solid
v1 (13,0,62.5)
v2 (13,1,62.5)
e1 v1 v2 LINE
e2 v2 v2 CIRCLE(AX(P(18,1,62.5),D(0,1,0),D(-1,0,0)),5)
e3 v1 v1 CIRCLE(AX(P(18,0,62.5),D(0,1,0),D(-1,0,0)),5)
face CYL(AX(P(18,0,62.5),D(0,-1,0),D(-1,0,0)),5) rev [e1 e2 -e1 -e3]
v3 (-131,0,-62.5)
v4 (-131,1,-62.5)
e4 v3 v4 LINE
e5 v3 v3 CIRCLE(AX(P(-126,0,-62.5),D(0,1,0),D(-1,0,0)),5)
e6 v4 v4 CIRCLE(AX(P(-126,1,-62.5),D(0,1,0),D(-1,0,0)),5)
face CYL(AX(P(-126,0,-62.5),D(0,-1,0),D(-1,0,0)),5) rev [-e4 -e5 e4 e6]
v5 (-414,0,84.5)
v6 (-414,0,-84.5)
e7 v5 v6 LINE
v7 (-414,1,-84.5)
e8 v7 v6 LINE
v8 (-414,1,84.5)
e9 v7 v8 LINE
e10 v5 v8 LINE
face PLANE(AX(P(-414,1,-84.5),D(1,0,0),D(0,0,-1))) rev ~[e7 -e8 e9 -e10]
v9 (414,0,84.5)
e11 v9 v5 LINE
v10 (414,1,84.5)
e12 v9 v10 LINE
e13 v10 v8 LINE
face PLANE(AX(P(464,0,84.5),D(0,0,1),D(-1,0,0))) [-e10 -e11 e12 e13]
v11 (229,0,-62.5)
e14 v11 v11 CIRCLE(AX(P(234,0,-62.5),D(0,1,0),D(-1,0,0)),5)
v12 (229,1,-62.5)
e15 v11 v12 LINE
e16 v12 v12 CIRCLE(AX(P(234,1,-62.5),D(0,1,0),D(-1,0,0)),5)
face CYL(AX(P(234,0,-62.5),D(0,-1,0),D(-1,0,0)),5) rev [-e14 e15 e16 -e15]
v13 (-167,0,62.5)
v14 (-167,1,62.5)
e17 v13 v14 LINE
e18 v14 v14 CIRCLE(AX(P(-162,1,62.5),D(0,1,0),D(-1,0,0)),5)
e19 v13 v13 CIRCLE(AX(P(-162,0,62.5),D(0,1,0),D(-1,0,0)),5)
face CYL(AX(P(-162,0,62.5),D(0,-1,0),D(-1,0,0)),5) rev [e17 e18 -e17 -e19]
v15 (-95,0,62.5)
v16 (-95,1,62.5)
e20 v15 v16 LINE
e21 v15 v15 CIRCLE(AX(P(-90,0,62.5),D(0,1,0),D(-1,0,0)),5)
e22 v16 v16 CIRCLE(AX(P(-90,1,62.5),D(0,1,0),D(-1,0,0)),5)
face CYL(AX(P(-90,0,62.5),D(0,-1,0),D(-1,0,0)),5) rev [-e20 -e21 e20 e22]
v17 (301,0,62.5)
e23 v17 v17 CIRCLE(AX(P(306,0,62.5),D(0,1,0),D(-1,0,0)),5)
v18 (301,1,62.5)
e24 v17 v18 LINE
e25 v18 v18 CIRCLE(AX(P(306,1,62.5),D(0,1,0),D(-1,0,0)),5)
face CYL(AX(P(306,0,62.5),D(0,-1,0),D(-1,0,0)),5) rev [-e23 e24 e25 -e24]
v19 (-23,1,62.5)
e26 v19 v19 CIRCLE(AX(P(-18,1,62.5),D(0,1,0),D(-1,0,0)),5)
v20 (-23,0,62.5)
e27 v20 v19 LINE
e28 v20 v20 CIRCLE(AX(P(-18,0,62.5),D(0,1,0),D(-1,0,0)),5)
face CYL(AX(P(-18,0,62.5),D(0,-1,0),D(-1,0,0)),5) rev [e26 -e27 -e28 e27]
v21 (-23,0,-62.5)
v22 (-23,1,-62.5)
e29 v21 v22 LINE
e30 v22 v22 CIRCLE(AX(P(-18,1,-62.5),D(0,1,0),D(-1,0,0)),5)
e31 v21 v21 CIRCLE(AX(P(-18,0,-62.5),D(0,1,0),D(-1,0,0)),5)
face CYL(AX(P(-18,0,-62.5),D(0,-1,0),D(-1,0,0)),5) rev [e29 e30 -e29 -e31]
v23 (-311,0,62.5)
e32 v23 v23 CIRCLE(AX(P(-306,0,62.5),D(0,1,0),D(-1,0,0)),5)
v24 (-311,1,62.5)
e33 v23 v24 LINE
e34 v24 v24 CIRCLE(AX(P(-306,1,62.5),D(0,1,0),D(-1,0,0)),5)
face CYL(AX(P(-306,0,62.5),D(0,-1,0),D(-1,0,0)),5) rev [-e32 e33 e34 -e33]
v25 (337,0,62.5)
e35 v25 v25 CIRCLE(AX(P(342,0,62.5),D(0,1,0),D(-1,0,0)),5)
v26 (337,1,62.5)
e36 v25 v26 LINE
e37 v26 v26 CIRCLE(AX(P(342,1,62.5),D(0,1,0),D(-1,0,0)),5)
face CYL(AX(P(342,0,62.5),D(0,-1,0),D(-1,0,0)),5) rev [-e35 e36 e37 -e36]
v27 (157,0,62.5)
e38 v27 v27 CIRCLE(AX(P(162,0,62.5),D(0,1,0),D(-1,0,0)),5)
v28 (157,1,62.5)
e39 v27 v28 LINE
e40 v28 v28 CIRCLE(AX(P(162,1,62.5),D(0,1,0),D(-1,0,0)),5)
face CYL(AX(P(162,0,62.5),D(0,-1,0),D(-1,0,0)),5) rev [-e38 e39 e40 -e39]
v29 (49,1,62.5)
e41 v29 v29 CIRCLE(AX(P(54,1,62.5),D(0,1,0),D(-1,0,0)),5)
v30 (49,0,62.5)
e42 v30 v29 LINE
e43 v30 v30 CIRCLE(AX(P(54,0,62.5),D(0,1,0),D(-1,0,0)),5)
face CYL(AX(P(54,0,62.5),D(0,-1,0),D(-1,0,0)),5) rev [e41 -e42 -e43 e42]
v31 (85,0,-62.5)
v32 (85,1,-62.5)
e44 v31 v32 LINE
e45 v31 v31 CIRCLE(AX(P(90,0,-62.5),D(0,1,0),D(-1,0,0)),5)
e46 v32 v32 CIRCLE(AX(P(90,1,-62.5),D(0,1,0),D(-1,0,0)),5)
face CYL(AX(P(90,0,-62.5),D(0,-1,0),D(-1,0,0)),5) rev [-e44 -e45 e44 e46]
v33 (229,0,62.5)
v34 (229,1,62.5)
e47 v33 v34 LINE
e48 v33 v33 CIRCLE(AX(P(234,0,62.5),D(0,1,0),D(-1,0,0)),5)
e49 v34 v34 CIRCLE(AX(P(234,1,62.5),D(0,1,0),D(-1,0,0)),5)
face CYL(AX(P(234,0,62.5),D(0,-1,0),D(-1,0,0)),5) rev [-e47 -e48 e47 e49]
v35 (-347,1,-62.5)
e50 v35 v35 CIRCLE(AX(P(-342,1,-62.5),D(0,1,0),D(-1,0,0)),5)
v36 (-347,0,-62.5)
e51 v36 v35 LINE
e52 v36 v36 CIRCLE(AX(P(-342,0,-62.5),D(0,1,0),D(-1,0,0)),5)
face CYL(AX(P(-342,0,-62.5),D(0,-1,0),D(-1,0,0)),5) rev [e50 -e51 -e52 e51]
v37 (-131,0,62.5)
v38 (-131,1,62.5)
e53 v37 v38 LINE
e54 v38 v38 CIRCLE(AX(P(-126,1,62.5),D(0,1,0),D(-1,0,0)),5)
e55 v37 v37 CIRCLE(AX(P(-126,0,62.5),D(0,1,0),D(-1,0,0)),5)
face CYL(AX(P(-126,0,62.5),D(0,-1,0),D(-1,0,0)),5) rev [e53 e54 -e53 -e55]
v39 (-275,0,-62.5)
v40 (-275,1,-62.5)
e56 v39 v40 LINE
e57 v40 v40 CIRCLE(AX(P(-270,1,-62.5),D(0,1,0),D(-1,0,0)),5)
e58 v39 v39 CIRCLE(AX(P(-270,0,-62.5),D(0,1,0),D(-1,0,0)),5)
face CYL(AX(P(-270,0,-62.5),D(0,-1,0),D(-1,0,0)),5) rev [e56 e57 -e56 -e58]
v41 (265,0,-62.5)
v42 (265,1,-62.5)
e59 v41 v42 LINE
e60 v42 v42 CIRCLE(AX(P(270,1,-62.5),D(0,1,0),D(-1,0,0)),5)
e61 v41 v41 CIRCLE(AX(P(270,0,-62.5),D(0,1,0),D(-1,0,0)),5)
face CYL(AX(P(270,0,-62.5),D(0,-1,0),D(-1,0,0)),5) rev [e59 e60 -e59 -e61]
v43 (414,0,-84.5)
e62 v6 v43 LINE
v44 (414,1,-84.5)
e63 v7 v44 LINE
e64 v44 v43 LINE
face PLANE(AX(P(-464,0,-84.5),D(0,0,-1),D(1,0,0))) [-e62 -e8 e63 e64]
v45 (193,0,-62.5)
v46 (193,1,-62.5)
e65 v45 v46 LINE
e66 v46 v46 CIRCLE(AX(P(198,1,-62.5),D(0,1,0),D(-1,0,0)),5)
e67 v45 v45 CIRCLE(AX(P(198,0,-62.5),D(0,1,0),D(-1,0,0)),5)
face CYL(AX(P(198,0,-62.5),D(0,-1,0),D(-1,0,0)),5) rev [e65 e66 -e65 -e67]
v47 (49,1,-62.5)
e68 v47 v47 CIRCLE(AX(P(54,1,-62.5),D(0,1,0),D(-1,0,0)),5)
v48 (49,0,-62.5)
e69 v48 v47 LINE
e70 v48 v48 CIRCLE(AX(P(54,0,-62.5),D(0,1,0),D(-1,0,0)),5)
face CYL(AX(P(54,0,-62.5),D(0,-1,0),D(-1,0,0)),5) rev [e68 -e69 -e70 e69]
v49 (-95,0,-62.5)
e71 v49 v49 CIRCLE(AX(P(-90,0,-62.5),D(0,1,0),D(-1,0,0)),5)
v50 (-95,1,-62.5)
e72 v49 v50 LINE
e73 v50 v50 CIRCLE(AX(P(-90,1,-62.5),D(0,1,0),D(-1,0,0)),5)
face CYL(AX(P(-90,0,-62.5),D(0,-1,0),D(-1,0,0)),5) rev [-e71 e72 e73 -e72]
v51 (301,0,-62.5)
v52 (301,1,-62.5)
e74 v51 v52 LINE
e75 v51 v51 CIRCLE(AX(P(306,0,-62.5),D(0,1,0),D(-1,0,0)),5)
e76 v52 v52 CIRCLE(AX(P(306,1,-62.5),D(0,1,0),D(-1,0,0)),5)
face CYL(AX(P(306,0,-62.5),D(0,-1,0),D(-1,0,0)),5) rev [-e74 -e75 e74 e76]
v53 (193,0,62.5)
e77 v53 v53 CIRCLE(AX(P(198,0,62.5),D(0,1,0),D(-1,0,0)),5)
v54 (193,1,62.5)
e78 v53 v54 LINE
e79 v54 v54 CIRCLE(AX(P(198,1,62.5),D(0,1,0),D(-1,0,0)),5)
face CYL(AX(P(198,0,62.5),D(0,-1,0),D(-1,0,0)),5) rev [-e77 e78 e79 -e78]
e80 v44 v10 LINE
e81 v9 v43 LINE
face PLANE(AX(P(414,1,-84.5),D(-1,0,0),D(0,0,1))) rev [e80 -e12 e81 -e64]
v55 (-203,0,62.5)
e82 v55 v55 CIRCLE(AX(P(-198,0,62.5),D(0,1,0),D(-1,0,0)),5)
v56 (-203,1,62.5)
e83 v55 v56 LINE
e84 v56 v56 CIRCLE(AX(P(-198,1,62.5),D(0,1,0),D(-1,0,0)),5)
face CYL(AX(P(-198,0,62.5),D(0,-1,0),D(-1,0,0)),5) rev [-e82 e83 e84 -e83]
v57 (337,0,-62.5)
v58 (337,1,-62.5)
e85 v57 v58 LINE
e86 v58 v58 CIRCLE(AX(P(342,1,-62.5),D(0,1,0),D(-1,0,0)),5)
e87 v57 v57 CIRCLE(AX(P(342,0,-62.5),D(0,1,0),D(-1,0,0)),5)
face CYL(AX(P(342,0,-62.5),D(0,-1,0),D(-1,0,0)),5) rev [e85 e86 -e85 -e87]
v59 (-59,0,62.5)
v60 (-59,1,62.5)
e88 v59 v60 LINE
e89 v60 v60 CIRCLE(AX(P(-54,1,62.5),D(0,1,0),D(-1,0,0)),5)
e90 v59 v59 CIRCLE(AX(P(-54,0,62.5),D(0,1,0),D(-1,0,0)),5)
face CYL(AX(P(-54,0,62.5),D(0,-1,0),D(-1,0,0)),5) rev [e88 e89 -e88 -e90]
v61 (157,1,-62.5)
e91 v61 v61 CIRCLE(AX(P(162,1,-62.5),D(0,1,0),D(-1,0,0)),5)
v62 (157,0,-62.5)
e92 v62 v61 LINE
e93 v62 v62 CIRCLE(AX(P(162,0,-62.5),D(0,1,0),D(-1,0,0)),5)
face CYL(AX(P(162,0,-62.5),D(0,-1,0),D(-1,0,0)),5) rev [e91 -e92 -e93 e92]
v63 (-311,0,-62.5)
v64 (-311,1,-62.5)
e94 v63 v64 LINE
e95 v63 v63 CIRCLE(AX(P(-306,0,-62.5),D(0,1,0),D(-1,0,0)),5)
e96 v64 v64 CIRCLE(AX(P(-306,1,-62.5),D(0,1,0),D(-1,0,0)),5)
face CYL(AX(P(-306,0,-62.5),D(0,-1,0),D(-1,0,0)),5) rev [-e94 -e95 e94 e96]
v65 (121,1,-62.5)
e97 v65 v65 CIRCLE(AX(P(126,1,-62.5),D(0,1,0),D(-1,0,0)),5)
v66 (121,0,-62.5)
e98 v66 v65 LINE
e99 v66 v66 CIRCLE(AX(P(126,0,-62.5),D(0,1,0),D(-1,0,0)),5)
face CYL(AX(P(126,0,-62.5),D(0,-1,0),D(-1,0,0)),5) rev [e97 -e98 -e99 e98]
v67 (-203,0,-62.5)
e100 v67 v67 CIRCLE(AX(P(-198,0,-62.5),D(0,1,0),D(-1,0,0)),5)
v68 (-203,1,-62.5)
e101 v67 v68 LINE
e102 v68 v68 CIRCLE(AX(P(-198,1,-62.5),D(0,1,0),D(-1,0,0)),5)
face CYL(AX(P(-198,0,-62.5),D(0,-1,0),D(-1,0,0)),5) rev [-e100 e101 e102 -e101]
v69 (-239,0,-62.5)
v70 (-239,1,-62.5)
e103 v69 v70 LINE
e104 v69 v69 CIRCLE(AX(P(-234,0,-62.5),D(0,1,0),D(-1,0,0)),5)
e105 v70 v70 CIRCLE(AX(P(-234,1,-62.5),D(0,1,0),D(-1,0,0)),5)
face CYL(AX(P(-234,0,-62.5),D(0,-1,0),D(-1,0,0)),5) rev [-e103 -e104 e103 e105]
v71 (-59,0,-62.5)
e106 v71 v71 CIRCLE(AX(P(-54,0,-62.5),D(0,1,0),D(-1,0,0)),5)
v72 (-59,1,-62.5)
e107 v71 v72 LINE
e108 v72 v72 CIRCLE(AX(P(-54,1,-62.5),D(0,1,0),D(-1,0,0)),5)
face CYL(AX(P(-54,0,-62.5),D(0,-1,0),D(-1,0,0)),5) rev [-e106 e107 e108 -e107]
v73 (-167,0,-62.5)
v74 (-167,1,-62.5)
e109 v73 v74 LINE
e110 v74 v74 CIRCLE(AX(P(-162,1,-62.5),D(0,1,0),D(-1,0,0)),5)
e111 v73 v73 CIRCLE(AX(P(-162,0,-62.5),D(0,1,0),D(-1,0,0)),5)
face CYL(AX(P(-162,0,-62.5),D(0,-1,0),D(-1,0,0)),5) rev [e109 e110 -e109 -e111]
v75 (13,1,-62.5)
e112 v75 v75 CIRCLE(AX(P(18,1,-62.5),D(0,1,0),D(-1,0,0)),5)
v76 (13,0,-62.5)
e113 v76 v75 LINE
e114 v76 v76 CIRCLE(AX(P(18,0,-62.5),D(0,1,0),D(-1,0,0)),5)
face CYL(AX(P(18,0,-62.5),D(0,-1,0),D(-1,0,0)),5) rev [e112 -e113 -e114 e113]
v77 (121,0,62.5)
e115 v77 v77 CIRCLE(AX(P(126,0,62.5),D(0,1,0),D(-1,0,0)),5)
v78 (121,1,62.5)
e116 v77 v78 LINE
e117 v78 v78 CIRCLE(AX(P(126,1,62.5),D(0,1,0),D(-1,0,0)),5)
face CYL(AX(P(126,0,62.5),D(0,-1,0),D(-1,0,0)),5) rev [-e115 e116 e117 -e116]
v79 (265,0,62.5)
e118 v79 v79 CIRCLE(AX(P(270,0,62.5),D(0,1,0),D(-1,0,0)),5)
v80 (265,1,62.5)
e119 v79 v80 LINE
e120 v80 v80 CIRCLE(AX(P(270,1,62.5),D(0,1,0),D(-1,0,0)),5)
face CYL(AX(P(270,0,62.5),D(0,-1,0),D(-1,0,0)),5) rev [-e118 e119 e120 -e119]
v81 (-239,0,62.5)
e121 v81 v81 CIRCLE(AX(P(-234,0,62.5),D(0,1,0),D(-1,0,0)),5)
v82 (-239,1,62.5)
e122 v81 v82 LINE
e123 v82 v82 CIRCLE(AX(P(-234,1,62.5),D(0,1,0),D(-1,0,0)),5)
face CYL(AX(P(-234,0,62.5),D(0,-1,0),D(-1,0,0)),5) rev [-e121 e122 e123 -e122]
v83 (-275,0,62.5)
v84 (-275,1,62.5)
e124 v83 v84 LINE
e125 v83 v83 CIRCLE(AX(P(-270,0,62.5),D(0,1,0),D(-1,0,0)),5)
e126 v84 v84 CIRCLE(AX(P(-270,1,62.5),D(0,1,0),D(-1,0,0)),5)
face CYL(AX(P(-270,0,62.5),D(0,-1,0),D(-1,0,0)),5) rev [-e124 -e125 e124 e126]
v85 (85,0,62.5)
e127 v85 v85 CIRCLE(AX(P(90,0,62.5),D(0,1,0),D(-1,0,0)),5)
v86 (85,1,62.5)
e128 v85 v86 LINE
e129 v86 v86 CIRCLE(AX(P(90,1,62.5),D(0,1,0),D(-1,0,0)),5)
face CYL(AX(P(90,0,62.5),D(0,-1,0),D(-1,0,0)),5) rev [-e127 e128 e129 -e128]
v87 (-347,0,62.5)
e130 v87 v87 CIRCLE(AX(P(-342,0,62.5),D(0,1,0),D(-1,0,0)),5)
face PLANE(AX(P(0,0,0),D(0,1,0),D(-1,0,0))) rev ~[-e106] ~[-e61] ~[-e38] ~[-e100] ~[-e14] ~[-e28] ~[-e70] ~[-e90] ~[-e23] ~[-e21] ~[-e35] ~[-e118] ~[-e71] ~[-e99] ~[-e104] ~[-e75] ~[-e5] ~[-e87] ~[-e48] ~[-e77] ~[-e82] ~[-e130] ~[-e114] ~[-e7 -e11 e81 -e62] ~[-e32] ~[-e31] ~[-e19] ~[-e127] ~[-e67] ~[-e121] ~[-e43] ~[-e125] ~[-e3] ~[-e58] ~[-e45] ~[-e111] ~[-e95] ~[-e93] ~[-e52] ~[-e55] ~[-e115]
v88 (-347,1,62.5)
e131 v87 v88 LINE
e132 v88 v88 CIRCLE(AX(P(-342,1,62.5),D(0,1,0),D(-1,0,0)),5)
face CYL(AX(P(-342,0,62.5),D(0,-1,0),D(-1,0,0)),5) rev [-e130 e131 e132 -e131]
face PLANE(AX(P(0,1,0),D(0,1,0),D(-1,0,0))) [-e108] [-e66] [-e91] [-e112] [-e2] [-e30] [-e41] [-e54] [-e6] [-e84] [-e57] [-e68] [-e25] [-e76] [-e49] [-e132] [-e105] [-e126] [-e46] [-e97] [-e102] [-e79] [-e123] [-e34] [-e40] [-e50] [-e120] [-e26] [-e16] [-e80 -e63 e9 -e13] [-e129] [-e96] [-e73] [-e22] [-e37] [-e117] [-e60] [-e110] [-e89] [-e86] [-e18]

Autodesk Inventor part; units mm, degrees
ref_plane "YZ Plane" through (0, 0, 0) normal (1, 0, 0) x (0, 1, 0)
ref_plane "XZ Plane" through (0, 0, 0) normal (0, 1, 0) x (-1, 0, 0)
ref_plane "XY Plane" through (0, 0, 0) normal (0, 0, 1) x (1, 0, 0)
sketch "Skin Scheme" plane through (0, 0, 0) normal (0, 1, 0) x (-1, 0, 0)
  line L0 (464, -84.5) -> (-464, -84.5)
  line L1 (-464, -84.5) -> (-464, 84.5)
  line L2 (-464, 84.5) -> (464, 84.5)
  line L3 (464, 84.5) -> (464, -84.5)
  circle A0 centre (342, -62.5) radius 5
  circle A1 centre (306, -62.5) radius 5
  circle A2 centre (270, -62.5) radius 5
  circle A3 centre (234, -62.5) radius 5
  circle A4 centre (198, -62.5) radius 5
  circle A5 centre (162, -62.5) radius 5
  circle A6 centre (126, -62.5) radius 5
  circle A7 centre (90, -62.5) radius 5
  circle A8 centre (54, -62.5) radius 5
  circle A9 centre (18, -62.5) radius 5
  circle A10 centre (-18, -62.5) radius 5
  circle A11 centre (-54, -62.5) radius 5
  circle A12 centre (-90, -62.5) radius 5
  circle A13 centre (-126, -62.5) radius 5
  circle A14 centre (-162, -62.5) radius 5
  circle A15 centre (-198, -62.5) radius 5
  circle A16 centre (-234, -62.5) radius 5
  circle A17 centre (-270, -62.5) radius 5
  circle A18 centre (342, 62.5) radius 5
  circle A19 centre (306, 62.5) radius 5
  circle A20 centre (270, 62.5) radius 5
  circle A21 centre (234, 62.5) radius 5
  circle A22 centre (198, 62.5) radius 5
  circle A23 centre (162, 62.5) radius 5
  circle A24 centre (126, 62.5) radius 5
  circle A25 centre (90, 62.5) radius 5
  circle A26 centre (54, 62.5) radius 5
  circle A27 centre (18, 62.5) radius 5
  circle A28 centre (-18, 62.5) radius 5
  circle A29 centre (-54, 62.5) radius 5
  circle A30 centre (-90, 62.5) radius 5
  circle A31 centre (-126, 62.5) radius 5
  circle A32 centre (-162, 62.5) radius 5
  circle A33 centre (-198, 62.5) radius 5
  circle A34 centre (-234, 62.5) radius 5
  circle A35 centre (-270, 62.5) radius 5
  circle A36 centre (-306, -62.5) radius 5
  circle A37 centre (-306, 62.5) radius 5
  circle A38 centre (-342, -62.5) radius 5
  circle A39 centre (-342, 62.5) radius 5
  point P0 (0, 0)
  dimension "d0" = 928
  dimension "d1" = 464
  dimension "d2" = 169
  dimension "d3" = 84.5
  dimension "d4" = 10
  dimension "d5" = 122
  dimension "d6" = 22
  dimension "d9" = 36
  dimension "d12" = 125
extrude "Skin Body" add sketch "Skin Scheme" along normal blind 1
sketch "End Cut Outline" plane through (0, 1, 0) normal (0, 1, 0) x (1, 0, 0)
  line L0 (-414, 94.5) -> (-474, 94.5)
  line L1 (-474, 94.5) -> (-474, -94.5)
  line L2 (-474, -94.5) -> (-414, -94.5)
  line L3 (-414, -94.5) -> (-414, 94.5)
  line L4 (464, 84.5) -> (-464, 84.5) projected
  line L5 (-464, -84.5) -> (464, -84.5) projected
  line L6 (-464, 84.5) -> (-464, -84.5) projected
  point P0 (0, 0)
  dimension "d19" = 10
  dimension "d20" = 10
  dimension "d21" = 10
  dimension "d22" = 50
extrude "End Cut" cut sketch "End Cut Outline" along normal through all both and the other way through all
mirror "End Cut Mirror" about plane through (0, 0, 0) normal (1, 0, 0) of "End Cut"
equation "\"d1\" = 0.5 * d0"
equation "\"d3\" = 0.5 * d2"
properties part number "Skin NPS 6 Internal" material "Rubber, Silicone"
